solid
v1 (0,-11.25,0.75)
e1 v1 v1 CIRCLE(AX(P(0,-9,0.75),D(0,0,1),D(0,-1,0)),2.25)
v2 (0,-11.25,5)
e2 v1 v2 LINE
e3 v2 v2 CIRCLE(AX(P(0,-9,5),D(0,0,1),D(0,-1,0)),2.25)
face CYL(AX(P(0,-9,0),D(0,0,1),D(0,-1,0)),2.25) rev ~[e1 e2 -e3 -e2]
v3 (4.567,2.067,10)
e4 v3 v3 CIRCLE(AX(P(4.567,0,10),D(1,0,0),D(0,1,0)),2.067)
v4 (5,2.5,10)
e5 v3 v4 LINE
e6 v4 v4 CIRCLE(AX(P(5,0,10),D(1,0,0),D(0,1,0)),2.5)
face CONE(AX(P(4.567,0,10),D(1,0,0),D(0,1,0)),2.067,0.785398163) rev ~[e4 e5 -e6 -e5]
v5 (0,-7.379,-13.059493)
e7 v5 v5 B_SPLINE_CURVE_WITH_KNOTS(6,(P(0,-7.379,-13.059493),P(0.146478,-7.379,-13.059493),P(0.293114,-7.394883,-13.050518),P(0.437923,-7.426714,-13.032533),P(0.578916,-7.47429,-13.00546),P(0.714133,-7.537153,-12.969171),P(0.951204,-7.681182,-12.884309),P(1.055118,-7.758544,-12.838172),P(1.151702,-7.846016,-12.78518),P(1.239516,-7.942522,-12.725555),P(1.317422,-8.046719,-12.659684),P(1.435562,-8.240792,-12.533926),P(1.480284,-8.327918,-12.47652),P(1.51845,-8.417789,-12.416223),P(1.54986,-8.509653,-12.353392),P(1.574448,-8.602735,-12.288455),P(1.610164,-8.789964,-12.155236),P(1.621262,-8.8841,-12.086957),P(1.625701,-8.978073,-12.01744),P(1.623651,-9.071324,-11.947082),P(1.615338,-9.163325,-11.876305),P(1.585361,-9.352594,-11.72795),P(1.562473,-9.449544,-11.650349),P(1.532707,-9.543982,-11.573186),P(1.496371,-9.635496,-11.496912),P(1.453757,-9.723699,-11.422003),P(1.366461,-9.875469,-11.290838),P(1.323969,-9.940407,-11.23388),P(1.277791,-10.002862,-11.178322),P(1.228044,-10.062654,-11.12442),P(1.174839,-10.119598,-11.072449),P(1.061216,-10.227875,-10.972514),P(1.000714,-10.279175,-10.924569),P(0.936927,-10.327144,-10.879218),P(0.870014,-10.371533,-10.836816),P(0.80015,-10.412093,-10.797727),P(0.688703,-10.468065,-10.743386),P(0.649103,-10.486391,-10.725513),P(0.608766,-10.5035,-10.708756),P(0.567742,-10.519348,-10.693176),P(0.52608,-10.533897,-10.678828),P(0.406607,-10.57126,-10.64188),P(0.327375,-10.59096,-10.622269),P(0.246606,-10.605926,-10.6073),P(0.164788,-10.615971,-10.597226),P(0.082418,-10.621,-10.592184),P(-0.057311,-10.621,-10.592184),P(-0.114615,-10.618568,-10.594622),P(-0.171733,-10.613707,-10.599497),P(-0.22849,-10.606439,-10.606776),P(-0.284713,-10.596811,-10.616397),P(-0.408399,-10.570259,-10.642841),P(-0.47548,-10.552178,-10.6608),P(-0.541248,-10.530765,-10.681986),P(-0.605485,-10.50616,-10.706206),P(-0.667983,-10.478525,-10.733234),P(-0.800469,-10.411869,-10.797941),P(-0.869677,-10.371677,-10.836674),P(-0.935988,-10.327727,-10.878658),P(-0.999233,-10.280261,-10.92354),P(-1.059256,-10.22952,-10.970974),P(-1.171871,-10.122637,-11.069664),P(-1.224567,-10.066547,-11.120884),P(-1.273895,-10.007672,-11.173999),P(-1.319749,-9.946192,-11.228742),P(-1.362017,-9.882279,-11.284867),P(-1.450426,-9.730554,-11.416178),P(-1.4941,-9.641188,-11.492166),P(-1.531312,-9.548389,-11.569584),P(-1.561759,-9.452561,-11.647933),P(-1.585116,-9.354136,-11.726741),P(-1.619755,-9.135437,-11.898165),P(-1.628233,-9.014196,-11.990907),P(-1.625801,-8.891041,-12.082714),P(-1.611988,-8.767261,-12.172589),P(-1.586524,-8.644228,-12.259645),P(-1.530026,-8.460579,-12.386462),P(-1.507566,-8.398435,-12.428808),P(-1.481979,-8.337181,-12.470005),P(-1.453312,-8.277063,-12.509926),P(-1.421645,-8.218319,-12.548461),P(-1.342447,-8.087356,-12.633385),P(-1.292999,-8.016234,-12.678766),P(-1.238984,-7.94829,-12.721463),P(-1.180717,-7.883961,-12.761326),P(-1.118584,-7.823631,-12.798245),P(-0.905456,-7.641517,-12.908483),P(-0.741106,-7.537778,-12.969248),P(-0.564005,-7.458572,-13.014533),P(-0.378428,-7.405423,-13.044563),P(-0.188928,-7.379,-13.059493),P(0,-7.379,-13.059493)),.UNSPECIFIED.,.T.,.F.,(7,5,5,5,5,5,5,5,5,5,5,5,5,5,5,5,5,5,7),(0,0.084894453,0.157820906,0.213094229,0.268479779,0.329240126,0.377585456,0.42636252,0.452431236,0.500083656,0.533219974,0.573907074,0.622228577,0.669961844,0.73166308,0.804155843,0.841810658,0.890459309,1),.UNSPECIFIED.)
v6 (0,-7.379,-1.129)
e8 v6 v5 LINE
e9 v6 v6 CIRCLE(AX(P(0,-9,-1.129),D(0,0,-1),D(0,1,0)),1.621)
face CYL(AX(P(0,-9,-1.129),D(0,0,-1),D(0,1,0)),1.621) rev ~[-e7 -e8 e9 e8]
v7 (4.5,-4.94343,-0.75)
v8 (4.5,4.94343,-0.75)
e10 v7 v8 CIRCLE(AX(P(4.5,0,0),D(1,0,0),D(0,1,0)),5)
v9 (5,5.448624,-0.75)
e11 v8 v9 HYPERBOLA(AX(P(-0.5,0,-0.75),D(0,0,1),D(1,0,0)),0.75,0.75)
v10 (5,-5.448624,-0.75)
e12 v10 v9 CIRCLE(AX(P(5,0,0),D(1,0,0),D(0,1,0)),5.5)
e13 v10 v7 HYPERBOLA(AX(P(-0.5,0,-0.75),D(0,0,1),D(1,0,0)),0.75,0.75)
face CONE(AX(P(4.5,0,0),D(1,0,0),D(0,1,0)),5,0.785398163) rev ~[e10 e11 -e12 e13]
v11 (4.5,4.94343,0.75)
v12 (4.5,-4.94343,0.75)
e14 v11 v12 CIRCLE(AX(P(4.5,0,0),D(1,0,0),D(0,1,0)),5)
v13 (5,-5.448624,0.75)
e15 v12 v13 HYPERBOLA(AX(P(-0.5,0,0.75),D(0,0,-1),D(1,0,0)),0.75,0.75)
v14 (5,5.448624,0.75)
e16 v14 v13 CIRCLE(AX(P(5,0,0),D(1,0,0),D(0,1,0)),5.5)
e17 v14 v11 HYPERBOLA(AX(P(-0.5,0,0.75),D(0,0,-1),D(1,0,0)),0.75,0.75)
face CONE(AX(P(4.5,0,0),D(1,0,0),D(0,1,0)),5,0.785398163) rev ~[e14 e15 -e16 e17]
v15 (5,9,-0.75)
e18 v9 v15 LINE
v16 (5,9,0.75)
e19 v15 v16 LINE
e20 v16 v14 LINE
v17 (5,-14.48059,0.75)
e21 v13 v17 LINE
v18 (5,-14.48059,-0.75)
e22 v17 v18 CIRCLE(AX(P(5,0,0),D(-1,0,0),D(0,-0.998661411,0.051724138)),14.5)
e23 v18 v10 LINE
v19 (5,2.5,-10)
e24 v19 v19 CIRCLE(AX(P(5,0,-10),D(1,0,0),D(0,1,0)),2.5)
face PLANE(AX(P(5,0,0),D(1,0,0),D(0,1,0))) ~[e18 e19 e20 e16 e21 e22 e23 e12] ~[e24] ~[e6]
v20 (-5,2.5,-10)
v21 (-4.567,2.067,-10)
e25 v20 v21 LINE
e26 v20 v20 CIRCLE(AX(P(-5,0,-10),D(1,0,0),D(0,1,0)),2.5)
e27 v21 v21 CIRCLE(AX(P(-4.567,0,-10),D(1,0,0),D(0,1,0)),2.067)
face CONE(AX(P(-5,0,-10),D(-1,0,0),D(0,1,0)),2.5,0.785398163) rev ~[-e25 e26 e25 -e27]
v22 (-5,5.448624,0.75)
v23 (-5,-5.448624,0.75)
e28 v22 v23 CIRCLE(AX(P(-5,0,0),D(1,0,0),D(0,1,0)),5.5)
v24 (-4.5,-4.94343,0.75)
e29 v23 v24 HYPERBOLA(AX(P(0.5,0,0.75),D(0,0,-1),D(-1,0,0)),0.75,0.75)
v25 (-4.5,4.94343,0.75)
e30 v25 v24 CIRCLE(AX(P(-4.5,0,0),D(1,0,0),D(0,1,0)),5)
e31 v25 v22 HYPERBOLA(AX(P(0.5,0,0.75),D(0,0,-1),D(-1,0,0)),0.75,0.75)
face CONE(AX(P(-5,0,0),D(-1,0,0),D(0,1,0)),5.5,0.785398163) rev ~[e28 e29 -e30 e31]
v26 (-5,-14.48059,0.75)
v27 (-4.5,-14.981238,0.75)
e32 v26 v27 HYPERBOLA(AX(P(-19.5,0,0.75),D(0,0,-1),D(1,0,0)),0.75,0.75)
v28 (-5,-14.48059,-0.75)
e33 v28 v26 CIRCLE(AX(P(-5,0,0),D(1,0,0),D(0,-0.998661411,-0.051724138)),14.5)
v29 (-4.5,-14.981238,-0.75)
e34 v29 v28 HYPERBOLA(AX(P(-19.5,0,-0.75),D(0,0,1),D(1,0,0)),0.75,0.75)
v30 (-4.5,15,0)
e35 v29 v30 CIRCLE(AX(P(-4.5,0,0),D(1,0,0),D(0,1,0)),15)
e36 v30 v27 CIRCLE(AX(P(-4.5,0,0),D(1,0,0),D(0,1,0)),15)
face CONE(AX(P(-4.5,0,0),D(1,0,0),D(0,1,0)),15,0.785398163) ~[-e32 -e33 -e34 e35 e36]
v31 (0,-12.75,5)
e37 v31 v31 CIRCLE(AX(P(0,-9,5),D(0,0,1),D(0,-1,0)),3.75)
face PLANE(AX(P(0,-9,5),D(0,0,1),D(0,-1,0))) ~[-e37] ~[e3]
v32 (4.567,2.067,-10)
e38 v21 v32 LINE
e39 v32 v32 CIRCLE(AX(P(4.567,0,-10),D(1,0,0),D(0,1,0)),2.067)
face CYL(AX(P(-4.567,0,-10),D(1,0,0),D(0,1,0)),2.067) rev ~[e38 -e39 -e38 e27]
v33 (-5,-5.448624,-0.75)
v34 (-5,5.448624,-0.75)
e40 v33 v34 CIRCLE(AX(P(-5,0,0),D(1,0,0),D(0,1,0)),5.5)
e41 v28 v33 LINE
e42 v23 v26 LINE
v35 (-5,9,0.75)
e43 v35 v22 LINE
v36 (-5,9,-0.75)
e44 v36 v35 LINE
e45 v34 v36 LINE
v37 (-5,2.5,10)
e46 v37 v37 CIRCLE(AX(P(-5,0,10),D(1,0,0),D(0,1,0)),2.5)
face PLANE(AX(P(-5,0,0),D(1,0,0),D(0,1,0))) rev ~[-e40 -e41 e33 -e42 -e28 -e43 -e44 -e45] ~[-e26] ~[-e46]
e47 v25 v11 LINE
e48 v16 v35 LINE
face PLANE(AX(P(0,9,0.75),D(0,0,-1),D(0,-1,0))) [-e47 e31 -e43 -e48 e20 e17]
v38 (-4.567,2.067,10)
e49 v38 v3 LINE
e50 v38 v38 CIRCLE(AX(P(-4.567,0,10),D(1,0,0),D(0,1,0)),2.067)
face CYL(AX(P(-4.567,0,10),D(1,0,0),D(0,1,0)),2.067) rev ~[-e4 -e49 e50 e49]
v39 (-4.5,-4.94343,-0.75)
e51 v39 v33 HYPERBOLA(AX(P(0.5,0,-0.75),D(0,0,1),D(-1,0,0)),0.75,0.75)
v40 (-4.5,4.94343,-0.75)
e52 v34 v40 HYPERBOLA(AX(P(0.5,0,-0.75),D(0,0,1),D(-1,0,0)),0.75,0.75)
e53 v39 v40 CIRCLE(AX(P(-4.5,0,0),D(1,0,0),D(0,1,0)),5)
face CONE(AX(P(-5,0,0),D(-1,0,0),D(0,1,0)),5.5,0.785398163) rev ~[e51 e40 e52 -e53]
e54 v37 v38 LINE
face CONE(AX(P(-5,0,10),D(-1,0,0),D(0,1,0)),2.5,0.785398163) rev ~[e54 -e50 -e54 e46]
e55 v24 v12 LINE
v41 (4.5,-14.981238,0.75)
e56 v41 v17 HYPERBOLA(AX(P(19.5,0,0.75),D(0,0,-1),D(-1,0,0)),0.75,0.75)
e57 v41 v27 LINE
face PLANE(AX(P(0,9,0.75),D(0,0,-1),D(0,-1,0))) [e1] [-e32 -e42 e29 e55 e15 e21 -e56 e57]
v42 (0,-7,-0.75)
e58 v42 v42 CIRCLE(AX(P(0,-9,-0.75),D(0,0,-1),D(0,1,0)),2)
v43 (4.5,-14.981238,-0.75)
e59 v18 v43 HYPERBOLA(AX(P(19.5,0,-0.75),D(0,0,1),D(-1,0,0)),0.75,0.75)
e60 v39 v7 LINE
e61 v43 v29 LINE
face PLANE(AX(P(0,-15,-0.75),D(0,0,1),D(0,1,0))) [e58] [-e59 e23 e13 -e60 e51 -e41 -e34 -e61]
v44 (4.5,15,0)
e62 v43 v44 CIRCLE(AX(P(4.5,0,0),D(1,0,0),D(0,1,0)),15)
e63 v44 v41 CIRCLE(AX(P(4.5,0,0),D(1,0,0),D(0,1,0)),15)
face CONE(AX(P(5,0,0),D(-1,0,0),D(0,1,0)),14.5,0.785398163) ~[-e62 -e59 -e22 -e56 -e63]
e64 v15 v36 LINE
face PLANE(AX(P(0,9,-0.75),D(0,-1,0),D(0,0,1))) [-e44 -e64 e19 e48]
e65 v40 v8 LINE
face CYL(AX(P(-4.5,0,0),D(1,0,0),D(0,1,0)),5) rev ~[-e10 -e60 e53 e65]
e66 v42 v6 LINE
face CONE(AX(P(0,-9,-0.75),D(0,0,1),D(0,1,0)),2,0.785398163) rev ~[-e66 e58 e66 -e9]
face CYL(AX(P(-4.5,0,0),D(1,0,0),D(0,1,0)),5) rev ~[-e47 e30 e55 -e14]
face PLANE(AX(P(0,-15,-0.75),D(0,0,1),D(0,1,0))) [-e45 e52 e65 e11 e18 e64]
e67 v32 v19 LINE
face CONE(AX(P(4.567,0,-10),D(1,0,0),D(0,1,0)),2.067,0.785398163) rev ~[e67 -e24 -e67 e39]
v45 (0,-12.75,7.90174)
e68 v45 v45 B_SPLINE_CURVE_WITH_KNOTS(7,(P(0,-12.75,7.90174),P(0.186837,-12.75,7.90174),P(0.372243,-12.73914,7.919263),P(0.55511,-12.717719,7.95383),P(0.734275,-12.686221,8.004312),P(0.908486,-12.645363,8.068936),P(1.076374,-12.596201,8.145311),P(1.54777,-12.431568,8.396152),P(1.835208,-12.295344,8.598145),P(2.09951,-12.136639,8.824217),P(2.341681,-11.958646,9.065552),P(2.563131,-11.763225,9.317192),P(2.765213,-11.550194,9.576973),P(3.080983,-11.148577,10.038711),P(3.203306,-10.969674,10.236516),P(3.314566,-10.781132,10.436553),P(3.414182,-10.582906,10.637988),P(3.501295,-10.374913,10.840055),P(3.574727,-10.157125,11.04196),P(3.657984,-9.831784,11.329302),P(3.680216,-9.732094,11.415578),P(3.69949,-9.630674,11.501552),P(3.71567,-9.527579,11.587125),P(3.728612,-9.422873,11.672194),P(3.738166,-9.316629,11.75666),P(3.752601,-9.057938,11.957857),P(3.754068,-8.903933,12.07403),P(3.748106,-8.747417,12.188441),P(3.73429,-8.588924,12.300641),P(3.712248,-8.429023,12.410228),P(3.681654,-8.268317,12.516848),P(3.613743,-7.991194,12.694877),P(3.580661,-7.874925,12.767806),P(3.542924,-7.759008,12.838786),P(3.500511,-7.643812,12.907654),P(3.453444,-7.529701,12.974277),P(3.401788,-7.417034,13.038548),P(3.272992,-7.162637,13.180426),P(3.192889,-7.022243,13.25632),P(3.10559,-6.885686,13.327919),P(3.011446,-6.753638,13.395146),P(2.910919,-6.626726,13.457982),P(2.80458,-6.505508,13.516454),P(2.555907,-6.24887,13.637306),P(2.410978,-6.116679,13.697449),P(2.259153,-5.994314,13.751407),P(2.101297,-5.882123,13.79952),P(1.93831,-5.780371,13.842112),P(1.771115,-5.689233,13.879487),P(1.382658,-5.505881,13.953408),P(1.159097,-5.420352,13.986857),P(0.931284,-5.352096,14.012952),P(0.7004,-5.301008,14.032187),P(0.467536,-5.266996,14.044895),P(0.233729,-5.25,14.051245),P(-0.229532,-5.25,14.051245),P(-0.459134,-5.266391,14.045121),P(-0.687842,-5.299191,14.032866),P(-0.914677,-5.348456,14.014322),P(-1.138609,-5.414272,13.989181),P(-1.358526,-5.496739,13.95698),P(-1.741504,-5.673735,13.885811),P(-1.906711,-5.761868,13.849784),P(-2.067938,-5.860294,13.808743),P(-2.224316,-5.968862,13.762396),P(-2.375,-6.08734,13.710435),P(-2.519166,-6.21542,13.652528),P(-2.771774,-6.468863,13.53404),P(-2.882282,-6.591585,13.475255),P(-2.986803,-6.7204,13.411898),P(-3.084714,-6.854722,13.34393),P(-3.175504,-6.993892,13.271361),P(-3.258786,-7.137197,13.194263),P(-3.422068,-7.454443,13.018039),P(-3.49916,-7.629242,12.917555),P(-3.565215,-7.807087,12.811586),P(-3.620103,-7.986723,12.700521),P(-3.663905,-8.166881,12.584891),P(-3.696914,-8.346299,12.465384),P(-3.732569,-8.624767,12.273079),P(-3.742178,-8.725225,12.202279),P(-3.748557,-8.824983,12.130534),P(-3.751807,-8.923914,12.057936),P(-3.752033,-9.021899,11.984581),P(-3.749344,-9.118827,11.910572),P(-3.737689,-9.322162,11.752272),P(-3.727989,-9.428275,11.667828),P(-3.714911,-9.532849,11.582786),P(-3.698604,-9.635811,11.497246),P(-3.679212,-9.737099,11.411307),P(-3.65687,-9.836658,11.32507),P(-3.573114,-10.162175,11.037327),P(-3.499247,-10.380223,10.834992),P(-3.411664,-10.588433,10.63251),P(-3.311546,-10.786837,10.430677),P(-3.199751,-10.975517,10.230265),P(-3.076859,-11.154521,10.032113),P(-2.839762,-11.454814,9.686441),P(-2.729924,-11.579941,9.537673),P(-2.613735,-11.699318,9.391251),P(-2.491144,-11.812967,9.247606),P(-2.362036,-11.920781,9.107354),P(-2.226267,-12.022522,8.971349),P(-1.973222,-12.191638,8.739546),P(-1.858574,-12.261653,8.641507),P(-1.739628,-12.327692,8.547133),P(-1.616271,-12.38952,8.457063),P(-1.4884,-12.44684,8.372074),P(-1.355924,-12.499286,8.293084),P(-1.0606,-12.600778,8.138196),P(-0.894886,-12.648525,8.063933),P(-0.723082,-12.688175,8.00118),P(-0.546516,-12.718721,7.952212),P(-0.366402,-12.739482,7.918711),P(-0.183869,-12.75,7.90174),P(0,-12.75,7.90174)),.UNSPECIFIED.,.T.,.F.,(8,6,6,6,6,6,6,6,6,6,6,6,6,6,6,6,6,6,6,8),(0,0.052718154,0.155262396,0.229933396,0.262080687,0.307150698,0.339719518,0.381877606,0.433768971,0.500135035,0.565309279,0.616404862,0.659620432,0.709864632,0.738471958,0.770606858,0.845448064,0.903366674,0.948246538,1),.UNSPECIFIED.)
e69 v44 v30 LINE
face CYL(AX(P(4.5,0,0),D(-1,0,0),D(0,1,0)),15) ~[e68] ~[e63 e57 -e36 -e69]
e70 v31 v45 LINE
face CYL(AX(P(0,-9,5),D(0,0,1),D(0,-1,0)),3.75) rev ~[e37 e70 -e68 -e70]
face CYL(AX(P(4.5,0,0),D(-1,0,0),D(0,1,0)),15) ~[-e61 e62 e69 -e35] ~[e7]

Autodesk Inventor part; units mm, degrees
sketch "Sketch_1" plane through (0, 0, 0) normal (0, 0, 1) x (1, 0, 0)
  line L0 (5, 0) -> (-5, 0)
  line L1 (-5, 14.5) -> (-5, 5.5)
  line L2 (-5, 5.5) -> (-4.5, 5)
  line L3 (-4.5, 5) -> (4.5, 5)
  line L4 (4.5, 5) -> (5, 5.5)
  line L5 (5, 5.5) -> (5, 14.5)
  line L6 (5, 14.5) -> (4.5, 15)
  line L7 (4.5, 15) -> (-4.5, 15)
  line L8 (-4.5, 15) -> (-5, 14.5)
revolve "Revolution1" add sketch "Sketch_1" angle 360 about axis through (5, 0, 0) along (1, 0, 0)
sketch "Sketch_2" plane through (0, 0, 0) normal (1, 0, 0) x (0, 1, 0)
  line L0 (-15, 0.75) -> (-15, -0.75)
  line L1 (-15, -0.75) -> (9, -0.75)
  line L2 (9, -0.75) -> (9, 0.75)
  line L3 (9, 0.75) -> (-15, 0.75)
extrude "Extrusion1" cut sketch "Sketch_2" along normal mid plane 10
sketch "Sketch_3" plane through (0, 0, 0) normal (1, 0, 0) x (0, 1, 0)
  line L0 (-9, 15) -> (-9, 0)
  line L1 (-9, 0) -> (-11.25, 0)
  line L2 (-11.25, 0) -> (-11.25, 5)
  line L3 (-11.25, 5) -> (-12.75, 5)
  line L4 (-12.75, 5) -> (-12.75, 15)
  line L5 (-12.75, 15) -> (-9, 15)
  line L6 (-9, 15) -> (-9, 0)
revolve "Revolution2" cut sketch "Sketch_3" angle 360 about axis through (0, -9, 15) along (0, 0, 1)
sketch "Sketch_4" plane through (0, 0, 0) normal (1, 0, 0) x (0, 1, 0)
  line L0 (-9, -14.25) -> (-9, -0.75)
  line L1 (-9, -0.75) -> (-7, -0.75)
  line L2 (-7, -0.75) -> (-7.379, -1.129)
  line L3 (-7.379, -1.129) -> (-7.379, -14.25)
  line L4 (-7.379, -14.25) -> (-9, -14.25)
  line L5 (-9, -14.25) -> (-9, -0.75)
revolve "Revolution3" cut sketch "Sketch_4" angle 360 about axis through (0, -9, -14.25) along (0, 0, -1)
thread "Thread1" size "M4x0.7" class "6H" standard "ISO Metric profile" length 12.1375
sketch "Sketch_7" plane through (0, 0, -10) normal (0, 0, 1) x (1, 0, 0)
  line L0 (5, 0) -> (-5, 0)
  line L1 (-5, 0) -> (-5, 2.5)
  line L2 (-5, 2.5) -> (-4.567, 2.067)
  line L3 (-4.567, 2.067) -> (4.567, 2.067)
  line L4 (4.567, 2.067) -> (5, 2.5)
  line L5 (5, 2.5) -> (5, 0)
  line L6 (5, 0) -> (-5, 0)
revolve "Revolution4" cut sketch "Sketch_7" angle 360 about axis through (5, 0, -10) along (1, 0, 0)
thread "Thread2" size "M5x0.8" class "6H" standard "ISO Metric profile" full length
sketch "Sketch_8" plane through (0, 0, 10) normal (0, 0, 1) x (1, 0, 0)
  line L0 (5, 0) -> (-5, 0)
  line L1 (-5, 0) -> (-5, 2.5)
  line L2 (-5, 2.5) -> (-4.567, 2.067)
  line L3 (-4.567, 2.067) -> (4.567, 2.067)
  line L4 (4.567, 2.067) -> (5, 2.5)
  line L5 (5, 2.5) -> (5, 0)
  line L6 (5, 0) -> (-5, 0)
revolve "Revolution5" cut sketch "Sketch_8" angle 360 about axis through (5, 0, 10) along (1, 0, 0)
thread "Thread3" size "M5x0.8" class "6H" standard "ISO Metric profile" full length
ref_plane "body_screw_XY" through (0, -9, 5) normal (0, 0, 1) x (1, 0, 0)
ref_plane "body_screw_YZ" through (0, -9, 5) normal (1, 0, 0) x (0, 1, 0)
ref_plane "body_screw_ZX" through (0, -9, 5) normal (0, 1, 0) x (0, 0, 1)
properties part number "SSCSW10-10b"
